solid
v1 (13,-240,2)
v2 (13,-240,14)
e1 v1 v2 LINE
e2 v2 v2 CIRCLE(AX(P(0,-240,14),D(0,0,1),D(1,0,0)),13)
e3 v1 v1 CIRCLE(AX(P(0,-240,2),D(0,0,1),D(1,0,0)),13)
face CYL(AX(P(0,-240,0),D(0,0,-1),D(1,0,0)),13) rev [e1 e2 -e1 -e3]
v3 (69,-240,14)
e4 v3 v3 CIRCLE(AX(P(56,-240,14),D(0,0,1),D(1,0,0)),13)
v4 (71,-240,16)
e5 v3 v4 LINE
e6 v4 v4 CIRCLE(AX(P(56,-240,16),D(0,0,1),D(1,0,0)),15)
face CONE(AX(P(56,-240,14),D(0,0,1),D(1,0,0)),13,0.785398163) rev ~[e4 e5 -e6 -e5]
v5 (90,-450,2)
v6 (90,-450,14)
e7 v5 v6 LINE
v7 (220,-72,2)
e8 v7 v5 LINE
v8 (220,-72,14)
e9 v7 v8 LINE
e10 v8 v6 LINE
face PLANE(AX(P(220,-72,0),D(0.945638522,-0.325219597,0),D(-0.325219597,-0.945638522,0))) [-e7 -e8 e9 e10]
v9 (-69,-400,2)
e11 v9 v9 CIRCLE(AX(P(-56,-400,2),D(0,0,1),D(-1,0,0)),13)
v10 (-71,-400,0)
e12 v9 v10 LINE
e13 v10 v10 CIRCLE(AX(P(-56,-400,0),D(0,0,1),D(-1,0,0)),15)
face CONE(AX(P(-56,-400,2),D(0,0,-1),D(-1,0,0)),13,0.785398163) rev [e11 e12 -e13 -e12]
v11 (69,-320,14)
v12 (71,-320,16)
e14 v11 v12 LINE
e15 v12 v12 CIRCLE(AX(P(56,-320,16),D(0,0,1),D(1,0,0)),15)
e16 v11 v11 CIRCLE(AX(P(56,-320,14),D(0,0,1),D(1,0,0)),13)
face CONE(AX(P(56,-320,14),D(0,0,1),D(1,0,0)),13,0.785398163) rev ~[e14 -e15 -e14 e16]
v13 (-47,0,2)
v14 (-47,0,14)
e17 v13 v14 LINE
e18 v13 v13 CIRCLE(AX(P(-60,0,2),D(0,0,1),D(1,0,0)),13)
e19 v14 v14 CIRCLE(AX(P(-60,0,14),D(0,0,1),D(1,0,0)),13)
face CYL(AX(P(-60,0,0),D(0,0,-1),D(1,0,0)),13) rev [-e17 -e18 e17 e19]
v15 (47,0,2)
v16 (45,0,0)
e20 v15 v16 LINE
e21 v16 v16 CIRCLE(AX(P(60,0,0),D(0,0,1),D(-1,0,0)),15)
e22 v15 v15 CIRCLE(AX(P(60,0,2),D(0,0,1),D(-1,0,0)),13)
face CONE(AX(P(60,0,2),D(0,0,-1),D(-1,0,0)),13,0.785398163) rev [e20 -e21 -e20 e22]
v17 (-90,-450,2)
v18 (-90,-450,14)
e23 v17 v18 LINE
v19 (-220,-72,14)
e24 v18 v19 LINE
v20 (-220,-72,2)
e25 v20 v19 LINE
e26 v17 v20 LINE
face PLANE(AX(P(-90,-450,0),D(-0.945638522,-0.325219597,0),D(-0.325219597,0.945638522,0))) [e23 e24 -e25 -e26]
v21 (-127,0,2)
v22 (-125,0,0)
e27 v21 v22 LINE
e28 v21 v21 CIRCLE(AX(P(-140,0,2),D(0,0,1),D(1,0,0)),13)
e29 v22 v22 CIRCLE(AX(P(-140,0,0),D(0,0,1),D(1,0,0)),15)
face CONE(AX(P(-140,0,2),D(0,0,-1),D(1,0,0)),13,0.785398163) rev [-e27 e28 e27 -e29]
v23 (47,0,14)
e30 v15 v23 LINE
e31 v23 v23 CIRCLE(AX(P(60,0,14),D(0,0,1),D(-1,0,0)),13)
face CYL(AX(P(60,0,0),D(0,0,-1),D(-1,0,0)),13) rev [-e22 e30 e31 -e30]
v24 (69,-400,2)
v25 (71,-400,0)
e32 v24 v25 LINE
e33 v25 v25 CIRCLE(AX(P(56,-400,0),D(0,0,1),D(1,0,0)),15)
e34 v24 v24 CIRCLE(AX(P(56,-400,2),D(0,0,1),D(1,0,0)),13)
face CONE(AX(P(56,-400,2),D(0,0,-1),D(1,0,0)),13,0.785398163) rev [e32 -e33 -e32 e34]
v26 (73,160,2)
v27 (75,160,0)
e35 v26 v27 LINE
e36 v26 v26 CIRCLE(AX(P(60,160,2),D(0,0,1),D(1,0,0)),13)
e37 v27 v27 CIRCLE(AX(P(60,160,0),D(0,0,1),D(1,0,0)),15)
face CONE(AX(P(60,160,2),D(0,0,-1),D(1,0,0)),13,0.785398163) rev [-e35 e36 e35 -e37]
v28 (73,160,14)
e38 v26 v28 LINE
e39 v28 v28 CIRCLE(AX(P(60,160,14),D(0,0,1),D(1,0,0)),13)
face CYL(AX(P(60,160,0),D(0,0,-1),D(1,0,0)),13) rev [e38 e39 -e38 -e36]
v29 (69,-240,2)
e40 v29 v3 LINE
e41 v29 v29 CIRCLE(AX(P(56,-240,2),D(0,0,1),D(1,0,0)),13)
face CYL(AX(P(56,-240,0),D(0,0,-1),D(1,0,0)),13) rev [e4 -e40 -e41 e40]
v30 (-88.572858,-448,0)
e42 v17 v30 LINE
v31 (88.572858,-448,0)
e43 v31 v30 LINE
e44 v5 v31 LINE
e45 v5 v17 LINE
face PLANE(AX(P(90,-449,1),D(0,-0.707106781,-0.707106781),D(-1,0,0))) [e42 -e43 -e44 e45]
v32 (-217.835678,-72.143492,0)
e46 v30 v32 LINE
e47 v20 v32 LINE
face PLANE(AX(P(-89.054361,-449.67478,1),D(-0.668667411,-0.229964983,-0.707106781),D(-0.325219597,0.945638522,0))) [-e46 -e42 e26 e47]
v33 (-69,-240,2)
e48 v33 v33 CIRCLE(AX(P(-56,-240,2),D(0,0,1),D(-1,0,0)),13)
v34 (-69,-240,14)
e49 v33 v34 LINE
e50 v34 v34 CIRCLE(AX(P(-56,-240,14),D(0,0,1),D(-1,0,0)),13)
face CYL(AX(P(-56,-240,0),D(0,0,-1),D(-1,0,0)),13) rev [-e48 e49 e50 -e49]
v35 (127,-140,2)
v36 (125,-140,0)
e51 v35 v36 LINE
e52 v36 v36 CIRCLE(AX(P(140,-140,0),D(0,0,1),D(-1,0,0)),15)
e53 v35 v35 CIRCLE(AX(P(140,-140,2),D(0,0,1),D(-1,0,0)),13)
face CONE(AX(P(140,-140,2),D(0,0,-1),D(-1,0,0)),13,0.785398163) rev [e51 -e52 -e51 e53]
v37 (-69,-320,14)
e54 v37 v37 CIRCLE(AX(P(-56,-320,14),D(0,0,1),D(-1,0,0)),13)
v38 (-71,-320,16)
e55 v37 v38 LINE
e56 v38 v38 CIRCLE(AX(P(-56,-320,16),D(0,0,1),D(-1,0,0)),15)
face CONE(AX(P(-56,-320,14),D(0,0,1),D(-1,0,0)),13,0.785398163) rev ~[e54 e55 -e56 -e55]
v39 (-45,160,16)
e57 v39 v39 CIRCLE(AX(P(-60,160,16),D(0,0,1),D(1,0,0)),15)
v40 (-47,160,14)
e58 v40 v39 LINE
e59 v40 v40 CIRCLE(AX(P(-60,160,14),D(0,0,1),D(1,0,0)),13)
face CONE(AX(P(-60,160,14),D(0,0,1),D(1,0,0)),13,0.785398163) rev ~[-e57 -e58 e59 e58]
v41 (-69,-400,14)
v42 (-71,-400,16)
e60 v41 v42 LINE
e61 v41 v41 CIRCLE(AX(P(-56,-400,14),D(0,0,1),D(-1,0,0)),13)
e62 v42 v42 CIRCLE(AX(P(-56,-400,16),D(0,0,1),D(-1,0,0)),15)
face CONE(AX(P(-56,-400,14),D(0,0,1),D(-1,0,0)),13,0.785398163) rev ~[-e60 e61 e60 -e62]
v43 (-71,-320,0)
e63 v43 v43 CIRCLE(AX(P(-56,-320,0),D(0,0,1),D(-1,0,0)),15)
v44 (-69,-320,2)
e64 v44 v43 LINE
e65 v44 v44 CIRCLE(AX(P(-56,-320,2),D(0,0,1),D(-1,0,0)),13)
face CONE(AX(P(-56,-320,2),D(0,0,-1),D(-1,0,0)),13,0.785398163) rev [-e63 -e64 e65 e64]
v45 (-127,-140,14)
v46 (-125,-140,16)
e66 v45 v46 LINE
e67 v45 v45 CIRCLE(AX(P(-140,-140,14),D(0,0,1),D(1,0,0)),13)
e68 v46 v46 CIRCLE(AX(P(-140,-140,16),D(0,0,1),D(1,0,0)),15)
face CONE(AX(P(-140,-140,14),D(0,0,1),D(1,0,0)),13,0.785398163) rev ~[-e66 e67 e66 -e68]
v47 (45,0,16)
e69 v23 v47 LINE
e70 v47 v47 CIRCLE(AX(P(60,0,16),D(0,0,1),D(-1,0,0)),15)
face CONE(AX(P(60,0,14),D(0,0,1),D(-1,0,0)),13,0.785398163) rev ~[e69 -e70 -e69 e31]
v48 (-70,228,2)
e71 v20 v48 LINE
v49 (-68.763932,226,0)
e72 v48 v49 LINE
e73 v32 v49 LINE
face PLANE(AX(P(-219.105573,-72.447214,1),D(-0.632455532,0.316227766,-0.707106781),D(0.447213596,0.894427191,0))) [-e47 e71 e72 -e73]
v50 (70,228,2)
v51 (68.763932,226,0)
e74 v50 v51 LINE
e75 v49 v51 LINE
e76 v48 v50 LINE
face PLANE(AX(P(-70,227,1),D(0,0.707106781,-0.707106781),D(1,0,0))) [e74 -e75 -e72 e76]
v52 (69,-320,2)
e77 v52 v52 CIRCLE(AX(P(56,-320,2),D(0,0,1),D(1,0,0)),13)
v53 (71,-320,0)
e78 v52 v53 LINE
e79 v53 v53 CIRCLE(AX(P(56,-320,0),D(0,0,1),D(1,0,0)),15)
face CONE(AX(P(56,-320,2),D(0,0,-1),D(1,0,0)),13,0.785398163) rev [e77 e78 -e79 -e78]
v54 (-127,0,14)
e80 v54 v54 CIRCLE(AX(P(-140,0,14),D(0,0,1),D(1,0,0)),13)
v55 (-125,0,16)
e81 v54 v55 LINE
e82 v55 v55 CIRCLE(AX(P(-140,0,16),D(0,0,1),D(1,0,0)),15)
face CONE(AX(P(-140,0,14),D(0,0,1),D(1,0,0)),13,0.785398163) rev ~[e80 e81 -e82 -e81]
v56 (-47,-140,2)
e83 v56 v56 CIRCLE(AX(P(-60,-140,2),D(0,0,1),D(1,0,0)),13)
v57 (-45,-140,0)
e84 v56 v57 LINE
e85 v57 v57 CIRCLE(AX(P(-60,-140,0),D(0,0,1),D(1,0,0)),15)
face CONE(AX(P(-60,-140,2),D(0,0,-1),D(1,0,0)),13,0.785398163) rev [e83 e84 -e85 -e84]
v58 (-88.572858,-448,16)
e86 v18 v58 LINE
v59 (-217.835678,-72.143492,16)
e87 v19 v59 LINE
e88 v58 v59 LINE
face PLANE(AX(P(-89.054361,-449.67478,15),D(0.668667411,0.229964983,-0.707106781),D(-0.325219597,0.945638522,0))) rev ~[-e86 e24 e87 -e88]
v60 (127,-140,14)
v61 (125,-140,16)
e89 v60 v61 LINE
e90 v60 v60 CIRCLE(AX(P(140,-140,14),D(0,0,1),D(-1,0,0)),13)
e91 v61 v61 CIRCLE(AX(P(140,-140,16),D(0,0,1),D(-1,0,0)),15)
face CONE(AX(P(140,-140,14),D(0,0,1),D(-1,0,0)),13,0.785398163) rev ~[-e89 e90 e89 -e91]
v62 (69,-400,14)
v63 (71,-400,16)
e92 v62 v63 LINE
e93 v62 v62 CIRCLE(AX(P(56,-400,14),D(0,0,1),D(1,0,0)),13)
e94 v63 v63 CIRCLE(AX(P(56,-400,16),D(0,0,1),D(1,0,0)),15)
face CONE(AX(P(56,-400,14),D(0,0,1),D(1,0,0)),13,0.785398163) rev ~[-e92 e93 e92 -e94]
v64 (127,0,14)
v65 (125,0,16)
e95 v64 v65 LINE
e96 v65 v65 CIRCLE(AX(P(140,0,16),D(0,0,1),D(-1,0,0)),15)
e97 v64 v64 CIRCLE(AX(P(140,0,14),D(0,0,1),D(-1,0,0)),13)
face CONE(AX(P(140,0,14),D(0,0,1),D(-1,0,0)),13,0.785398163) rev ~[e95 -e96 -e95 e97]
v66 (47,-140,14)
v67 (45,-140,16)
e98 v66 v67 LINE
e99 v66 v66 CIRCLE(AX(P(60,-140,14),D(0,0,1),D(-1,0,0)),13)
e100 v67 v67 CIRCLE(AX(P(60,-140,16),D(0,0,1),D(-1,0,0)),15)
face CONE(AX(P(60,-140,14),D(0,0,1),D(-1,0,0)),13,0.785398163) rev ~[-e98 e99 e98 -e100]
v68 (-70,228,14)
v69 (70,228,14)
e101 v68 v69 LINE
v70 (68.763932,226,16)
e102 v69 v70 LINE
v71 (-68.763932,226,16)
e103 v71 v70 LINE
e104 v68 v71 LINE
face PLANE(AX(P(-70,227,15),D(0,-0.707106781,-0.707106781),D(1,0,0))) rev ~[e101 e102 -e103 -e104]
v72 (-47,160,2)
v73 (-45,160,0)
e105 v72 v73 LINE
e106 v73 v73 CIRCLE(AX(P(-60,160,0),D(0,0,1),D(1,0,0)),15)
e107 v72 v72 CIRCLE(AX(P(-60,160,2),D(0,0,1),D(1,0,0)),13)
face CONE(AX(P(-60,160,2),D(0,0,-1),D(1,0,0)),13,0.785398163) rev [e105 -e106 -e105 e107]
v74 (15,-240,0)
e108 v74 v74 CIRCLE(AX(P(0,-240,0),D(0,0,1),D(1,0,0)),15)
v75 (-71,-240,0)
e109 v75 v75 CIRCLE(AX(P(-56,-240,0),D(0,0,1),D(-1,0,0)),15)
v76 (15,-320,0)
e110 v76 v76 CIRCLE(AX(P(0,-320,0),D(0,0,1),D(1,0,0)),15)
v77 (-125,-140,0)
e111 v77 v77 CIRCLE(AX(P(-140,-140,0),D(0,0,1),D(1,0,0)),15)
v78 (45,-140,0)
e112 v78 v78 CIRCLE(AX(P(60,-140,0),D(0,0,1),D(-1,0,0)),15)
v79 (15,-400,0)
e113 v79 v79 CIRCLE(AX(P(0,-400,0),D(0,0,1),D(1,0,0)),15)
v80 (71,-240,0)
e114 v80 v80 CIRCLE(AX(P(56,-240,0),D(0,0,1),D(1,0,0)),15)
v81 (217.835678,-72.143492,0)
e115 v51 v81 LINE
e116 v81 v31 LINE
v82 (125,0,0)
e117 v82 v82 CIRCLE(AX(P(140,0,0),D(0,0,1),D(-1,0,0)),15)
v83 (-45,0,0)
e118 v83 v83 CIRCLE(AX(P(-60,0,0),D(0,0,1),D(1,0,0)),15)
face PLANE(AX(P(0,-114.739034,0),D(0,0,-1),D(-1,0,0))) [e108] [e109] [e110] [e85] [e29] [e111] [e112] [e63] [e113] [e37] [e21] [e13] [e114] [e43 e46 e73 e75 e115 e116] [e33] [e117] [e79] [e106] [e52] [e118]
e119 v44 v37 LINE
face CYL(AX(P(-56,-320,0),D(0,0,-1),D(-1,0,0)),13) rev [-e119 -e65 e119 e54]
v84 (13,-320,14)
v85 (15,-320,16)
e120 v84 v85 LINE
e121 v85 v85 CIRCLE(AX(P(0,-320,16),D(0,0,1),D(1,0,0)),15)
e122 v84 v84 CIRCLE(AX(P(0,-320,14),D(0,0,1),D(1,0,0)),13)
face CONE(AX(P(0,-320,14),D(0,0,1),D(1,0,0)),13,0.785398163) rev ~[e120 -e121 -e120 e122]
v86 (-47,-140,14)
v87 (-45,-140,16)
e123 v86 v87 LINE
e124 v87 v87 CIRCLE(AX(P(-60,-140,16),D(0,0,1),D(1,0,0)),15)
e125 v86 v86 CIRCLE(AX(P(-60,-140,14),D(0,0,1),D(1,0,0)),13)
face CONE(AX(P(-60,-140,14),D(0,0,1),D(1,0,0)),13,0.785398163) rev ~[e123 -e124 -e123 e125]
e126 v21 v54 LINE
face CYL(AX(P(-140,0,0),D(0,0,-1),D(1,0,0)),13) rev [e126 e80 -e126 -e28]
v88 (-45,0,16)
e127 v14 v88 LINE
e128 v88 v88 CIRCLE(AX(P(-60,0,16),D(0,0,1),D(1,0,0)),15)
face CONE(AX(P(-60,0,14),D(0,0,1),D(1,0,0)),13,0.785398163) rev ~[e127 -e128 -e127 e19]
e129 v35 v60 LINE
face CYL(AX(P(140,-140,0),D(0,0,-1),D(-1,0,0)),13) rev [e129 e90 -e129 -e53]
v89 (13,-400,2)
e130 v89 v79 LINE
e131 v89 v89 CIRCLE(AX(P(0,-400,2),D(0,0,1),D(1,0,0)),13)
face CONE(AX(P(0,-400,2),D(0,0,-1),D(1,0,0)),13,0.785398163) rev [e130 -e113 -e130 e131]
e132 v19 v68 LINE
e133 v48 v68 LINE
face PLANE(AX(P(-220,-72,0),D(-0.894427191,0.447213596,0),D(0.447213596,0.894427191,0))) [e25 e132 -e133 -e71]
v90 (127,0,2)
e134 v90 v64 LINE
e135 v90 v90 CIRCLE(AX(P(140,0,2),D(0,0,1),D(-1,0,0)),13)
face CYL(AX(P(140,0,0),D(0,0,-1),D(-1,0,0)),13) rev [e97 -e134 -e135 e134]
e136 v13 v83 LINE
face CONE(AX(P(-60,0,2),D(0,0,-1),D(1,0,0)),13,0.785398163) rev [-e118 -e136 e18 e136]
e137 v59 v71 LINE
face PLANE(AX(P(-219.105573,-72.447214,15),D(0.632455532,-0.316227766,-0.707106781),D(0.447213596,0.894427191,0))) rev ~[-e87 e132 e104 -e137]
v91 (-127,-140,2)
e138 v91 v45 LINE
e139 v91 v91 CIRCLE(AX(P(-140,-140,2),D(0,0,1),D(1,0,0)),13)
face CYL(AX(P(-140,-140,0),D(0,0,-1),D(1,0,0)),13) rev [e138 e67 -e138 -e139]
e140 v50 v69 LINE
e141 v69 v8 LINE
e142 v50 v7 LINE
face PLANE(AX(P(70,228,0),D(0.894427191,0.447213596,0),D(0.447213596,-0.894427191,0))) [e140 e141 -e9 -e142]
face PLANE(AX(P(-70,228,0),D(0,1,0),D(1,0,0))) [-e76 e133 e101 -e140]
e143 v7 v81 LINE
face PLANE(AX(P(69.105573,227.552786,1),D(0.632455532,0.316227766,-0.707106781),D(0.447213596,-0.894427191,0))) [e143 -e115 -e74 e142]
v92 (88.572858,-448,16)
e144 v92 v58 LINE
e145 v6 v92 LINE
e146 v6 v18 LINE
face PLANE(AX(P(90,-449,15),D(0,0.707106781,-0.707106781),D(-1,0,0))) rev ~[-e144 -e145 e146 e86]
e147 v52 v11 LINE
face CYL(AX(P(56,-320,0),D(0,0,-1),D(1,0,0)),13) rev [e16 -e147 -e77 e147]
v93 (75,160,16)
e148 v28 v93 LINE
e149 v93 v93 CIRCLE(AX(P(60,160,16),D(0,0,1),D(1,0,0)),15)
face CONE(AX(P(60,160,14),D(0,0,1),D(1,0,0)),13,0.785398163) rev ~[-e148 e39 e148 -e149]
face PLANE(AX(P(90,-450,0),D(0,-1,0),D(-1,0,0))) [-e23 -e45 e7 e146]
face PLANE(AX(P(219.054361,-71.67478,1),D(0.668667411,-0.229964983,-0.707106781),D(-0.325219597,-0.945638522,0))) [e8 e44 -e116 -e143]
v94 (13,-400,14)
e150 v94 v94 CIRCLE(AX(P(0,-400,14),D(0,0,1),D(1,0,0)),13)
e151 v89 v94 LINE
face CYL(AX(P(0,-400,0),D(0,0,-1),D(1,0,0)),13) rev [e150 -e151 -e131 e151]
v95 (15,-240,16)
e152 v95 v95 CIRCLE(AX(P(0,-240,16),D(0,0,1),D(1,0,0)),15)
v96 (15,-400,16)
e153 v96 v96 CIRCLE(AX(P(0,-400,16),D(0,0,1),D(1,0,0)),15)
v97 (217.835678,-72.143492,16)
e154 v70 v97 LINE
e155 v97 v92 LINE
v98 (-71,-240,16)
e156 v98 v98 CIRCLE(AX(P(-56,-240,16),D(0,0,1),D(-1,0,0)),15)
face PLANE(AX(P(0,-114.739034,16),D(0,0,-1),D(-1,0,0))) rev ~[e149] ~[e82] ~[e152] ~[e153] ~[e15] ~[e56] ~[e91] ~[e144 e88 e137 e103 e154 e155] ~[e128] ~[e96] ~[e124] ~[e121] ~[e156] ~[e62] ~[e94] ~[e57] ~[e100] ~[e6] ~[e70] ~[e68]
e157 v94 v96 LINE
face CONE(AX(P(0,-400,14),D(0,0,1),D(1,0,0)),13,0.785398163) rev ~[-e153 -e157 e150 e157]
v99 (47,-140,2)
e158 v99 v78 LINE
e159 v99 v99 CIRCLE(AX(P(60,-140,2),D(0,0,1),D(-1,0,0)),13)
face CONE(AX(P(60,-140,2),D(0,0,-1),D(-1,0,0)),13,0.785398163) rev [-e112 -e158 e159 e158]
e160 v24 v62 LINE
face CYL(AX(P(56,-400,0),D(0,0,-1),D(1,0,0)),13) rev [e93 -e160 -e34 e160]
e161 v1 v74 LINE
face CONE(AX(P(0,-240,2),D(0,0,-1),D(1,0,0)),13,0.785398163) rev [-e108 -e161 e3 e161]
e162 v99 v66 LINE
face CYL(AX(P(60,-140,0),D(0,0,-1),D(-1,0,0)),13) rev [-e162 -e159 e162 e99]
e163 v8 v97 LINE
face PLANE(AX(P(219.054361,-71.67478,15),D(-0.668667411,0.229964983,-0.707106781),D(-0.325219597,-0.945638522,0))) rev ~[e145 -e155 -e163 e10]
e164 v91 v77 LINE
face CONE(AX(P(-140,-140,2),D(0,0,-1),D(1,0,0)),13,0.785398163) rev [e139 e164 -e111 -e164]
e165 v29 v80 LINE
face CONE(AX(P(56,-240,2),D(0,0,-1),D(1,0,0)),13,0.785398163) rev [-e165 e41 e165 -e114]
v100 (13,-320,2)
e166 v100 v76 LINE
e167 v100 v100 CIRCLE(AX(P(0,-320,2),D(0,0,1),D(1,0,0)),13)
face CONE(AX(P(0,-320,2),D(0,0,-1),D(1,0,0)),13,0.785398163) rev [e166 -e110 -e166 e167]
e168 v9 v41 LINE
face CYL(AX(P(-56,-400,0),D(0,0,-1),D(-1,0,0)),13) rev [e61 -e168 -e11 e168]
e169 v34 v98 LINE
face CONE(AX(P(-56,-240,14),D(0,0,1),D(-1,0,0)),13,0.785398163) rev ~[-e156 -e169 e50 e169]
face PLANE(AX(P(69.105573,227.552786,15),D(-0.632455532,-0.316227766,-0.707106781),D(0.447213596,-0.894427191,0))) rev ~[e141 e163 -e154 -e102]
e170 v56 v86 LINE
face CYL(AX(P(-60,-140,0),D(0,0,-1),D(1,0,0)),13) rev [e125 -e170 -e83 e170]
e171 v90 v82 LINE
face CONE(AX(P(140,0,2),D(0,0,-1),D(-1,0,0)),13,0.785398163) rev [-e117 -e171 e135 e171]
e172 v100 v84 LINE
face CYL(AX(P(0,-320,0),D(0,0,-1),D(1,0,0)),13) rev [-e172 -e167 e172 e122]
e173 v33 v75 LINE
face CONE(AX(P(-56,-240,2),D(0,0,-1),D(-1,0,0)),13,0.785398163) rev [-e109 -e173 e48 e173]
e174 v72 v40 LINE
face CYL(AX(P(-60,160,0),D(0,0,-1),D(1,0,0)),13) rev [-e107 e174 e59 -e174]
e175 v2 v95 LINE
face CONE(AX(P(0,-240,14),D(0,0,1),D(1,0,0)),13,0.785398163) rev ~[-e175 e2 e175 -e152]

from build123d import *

# Parameters (mm, degrees)
SKETCH_1_R        = 13
EXTRUDE_869_DEPTH = 16
CHAMFER_1_SIZE    = 2


with BuildPart() as part:
    # 草图1 → Extrude 869 (new body)
    with BuildSketch(Plane.XY):
        Polygon((-70, 228), (70, 228), (220, -72), (90, -450), (-90, -450), (-220, -72), align=None)
        with Locations((-140, 0)):
            Circle(SKETCH_1_R, mode=Mode.SUBTRACT)
        with Locations((-60, 0)):
            Circle(SKETCH_1_R, mode=Mode.SUBTRACT)
        with Locations(Location((60, -140, 0), (0, 0, 180))):
            Circle(SKETCH_1_R, mode=Mode.SUBTRACT)
        with Locations(Location((140, -140, 0), (0, 0, 180))):
            Circle(SKETCH_1_R, mode=Mode.SUBTRACT)
        with Locations((-140, -140)):
            Circle(SKETCH_1_R, mode=Mode.SUBTRACT)
        with Locations((-60, -140)):
            Circle(SKETCH_1_R, mode=Mode.SUBTRACT)
        with Locations(Location((60, 0, 0), (0, 0, 180))):
            Circle(SKETCH_1_R, mode=Mode.SUBTRACT)
        with Locations(Location((140, 0, 0), (0, 0, 180))):
            Circle(SKETCH_1_R, mode=Mode.SUBTRACT)
        with Locations((0, -400)):
            Circle(SKETCH_1_R, mode=Mode.SUBTRACT)
        with Locations((0, -240)):
            Circle(SKETCH_1_R, mode=Mode.SUBTRACT)
        with Locations((60, 160)):
            Circle(SKETCH_1_R, mode=Mode.SUBTRACT)
        with Locations((0, -320)):
            Circle(SKETCH_1_R, mode=Mode.SUBTRACT)
        with Locations((-60, 160)):
            Circle(SKETCH_1_R, mode=Mode.SUBTRACT)
        with Locations((56, -240)):
            Circle(SKETCH_1_R, mode=Mode.SUBTRACT)
        with Locations((56, -320)):
            Circle(SKETCH_1_R, mode=Mode.SUBTRACT)
        with Locations((56, -400)):
            Circle(SKETCH_1_R, mode=Mode.SUBTRACT)
        with Locations(Location((-56, -400, 0), (0, 0, 180))):
            Circle(SKETCH_1_R, mode=Mode.SUBTRACT)
        with Locations(Location((-56, -320, 0), (0, 0, 180))):
            Circle(SKETCH_1_R, mode=Mode.SUBTRACT)
        with Locations(Location((-56, -240, 0), (0, 0, 180))):
            Circle(SKETCH_1_R, mode=Mode.SUBTRACT)
    extrude(amount=EXTRUDE_869_DEPTH)

    # 倒角1
    chamfer_1_edges = [part.edges().sort_by_distance(p)[0] for p in [
        (0, -450, 16),
        (155, -261, 16),
        (145, 78, 16),
        (-153, 0, 0),
        (-153, 0, 16),
        (0, 228, 16),
        (-73, 0, 0),
        (-73, 0, 16),
        (73, -140, 0),
        (73, -140, 16),
        (153, -140, 0),
        (153, -140, 16),
        (-153, -140, 0),
        (-153, -140, 16),
        (-73, -140, 0),
        (-73, -140, 16),
        (73, 0, 0),
        (73, 0, 16),
        (-145, 78, 16),
        (153, 0, 0),
        (153, 0, 16),
        (-13, -400, 0),
        (-13, -400, 16),
        (-13, -240, 0),
        (-13, -240, 16),
        (-13, -320, 0),
        (-13, -320, 16),
        (47, 160, 0),
        (47, 160, 16),
        (0, 228, 0),
        (-73, 160, 0),
        (-73, 160, 16),
        (145, 78, 0),
        (43, -240, 0),
        (43, -240, 16),
        (155, -261, 0),
        (43, -320, 0),
        (43, -320, 16),
        (-155, -261, 16),
        (0, -450, 0),
        (43, -400, 0),
        (43, -400, 16),
        (-155, -261, 0),
        (-43, -400, 0),
        (-43, -400, 16),
        (-145, 78, 0),
        (-43, -320, 0),
        (-43, -320, 16),
        (-43, -240, 0),
        (-43, -240, 16),
    ]]
    chamfer(chamfer_1_edges, length=CHAMFER_1_SIZE)


solid = part.part
